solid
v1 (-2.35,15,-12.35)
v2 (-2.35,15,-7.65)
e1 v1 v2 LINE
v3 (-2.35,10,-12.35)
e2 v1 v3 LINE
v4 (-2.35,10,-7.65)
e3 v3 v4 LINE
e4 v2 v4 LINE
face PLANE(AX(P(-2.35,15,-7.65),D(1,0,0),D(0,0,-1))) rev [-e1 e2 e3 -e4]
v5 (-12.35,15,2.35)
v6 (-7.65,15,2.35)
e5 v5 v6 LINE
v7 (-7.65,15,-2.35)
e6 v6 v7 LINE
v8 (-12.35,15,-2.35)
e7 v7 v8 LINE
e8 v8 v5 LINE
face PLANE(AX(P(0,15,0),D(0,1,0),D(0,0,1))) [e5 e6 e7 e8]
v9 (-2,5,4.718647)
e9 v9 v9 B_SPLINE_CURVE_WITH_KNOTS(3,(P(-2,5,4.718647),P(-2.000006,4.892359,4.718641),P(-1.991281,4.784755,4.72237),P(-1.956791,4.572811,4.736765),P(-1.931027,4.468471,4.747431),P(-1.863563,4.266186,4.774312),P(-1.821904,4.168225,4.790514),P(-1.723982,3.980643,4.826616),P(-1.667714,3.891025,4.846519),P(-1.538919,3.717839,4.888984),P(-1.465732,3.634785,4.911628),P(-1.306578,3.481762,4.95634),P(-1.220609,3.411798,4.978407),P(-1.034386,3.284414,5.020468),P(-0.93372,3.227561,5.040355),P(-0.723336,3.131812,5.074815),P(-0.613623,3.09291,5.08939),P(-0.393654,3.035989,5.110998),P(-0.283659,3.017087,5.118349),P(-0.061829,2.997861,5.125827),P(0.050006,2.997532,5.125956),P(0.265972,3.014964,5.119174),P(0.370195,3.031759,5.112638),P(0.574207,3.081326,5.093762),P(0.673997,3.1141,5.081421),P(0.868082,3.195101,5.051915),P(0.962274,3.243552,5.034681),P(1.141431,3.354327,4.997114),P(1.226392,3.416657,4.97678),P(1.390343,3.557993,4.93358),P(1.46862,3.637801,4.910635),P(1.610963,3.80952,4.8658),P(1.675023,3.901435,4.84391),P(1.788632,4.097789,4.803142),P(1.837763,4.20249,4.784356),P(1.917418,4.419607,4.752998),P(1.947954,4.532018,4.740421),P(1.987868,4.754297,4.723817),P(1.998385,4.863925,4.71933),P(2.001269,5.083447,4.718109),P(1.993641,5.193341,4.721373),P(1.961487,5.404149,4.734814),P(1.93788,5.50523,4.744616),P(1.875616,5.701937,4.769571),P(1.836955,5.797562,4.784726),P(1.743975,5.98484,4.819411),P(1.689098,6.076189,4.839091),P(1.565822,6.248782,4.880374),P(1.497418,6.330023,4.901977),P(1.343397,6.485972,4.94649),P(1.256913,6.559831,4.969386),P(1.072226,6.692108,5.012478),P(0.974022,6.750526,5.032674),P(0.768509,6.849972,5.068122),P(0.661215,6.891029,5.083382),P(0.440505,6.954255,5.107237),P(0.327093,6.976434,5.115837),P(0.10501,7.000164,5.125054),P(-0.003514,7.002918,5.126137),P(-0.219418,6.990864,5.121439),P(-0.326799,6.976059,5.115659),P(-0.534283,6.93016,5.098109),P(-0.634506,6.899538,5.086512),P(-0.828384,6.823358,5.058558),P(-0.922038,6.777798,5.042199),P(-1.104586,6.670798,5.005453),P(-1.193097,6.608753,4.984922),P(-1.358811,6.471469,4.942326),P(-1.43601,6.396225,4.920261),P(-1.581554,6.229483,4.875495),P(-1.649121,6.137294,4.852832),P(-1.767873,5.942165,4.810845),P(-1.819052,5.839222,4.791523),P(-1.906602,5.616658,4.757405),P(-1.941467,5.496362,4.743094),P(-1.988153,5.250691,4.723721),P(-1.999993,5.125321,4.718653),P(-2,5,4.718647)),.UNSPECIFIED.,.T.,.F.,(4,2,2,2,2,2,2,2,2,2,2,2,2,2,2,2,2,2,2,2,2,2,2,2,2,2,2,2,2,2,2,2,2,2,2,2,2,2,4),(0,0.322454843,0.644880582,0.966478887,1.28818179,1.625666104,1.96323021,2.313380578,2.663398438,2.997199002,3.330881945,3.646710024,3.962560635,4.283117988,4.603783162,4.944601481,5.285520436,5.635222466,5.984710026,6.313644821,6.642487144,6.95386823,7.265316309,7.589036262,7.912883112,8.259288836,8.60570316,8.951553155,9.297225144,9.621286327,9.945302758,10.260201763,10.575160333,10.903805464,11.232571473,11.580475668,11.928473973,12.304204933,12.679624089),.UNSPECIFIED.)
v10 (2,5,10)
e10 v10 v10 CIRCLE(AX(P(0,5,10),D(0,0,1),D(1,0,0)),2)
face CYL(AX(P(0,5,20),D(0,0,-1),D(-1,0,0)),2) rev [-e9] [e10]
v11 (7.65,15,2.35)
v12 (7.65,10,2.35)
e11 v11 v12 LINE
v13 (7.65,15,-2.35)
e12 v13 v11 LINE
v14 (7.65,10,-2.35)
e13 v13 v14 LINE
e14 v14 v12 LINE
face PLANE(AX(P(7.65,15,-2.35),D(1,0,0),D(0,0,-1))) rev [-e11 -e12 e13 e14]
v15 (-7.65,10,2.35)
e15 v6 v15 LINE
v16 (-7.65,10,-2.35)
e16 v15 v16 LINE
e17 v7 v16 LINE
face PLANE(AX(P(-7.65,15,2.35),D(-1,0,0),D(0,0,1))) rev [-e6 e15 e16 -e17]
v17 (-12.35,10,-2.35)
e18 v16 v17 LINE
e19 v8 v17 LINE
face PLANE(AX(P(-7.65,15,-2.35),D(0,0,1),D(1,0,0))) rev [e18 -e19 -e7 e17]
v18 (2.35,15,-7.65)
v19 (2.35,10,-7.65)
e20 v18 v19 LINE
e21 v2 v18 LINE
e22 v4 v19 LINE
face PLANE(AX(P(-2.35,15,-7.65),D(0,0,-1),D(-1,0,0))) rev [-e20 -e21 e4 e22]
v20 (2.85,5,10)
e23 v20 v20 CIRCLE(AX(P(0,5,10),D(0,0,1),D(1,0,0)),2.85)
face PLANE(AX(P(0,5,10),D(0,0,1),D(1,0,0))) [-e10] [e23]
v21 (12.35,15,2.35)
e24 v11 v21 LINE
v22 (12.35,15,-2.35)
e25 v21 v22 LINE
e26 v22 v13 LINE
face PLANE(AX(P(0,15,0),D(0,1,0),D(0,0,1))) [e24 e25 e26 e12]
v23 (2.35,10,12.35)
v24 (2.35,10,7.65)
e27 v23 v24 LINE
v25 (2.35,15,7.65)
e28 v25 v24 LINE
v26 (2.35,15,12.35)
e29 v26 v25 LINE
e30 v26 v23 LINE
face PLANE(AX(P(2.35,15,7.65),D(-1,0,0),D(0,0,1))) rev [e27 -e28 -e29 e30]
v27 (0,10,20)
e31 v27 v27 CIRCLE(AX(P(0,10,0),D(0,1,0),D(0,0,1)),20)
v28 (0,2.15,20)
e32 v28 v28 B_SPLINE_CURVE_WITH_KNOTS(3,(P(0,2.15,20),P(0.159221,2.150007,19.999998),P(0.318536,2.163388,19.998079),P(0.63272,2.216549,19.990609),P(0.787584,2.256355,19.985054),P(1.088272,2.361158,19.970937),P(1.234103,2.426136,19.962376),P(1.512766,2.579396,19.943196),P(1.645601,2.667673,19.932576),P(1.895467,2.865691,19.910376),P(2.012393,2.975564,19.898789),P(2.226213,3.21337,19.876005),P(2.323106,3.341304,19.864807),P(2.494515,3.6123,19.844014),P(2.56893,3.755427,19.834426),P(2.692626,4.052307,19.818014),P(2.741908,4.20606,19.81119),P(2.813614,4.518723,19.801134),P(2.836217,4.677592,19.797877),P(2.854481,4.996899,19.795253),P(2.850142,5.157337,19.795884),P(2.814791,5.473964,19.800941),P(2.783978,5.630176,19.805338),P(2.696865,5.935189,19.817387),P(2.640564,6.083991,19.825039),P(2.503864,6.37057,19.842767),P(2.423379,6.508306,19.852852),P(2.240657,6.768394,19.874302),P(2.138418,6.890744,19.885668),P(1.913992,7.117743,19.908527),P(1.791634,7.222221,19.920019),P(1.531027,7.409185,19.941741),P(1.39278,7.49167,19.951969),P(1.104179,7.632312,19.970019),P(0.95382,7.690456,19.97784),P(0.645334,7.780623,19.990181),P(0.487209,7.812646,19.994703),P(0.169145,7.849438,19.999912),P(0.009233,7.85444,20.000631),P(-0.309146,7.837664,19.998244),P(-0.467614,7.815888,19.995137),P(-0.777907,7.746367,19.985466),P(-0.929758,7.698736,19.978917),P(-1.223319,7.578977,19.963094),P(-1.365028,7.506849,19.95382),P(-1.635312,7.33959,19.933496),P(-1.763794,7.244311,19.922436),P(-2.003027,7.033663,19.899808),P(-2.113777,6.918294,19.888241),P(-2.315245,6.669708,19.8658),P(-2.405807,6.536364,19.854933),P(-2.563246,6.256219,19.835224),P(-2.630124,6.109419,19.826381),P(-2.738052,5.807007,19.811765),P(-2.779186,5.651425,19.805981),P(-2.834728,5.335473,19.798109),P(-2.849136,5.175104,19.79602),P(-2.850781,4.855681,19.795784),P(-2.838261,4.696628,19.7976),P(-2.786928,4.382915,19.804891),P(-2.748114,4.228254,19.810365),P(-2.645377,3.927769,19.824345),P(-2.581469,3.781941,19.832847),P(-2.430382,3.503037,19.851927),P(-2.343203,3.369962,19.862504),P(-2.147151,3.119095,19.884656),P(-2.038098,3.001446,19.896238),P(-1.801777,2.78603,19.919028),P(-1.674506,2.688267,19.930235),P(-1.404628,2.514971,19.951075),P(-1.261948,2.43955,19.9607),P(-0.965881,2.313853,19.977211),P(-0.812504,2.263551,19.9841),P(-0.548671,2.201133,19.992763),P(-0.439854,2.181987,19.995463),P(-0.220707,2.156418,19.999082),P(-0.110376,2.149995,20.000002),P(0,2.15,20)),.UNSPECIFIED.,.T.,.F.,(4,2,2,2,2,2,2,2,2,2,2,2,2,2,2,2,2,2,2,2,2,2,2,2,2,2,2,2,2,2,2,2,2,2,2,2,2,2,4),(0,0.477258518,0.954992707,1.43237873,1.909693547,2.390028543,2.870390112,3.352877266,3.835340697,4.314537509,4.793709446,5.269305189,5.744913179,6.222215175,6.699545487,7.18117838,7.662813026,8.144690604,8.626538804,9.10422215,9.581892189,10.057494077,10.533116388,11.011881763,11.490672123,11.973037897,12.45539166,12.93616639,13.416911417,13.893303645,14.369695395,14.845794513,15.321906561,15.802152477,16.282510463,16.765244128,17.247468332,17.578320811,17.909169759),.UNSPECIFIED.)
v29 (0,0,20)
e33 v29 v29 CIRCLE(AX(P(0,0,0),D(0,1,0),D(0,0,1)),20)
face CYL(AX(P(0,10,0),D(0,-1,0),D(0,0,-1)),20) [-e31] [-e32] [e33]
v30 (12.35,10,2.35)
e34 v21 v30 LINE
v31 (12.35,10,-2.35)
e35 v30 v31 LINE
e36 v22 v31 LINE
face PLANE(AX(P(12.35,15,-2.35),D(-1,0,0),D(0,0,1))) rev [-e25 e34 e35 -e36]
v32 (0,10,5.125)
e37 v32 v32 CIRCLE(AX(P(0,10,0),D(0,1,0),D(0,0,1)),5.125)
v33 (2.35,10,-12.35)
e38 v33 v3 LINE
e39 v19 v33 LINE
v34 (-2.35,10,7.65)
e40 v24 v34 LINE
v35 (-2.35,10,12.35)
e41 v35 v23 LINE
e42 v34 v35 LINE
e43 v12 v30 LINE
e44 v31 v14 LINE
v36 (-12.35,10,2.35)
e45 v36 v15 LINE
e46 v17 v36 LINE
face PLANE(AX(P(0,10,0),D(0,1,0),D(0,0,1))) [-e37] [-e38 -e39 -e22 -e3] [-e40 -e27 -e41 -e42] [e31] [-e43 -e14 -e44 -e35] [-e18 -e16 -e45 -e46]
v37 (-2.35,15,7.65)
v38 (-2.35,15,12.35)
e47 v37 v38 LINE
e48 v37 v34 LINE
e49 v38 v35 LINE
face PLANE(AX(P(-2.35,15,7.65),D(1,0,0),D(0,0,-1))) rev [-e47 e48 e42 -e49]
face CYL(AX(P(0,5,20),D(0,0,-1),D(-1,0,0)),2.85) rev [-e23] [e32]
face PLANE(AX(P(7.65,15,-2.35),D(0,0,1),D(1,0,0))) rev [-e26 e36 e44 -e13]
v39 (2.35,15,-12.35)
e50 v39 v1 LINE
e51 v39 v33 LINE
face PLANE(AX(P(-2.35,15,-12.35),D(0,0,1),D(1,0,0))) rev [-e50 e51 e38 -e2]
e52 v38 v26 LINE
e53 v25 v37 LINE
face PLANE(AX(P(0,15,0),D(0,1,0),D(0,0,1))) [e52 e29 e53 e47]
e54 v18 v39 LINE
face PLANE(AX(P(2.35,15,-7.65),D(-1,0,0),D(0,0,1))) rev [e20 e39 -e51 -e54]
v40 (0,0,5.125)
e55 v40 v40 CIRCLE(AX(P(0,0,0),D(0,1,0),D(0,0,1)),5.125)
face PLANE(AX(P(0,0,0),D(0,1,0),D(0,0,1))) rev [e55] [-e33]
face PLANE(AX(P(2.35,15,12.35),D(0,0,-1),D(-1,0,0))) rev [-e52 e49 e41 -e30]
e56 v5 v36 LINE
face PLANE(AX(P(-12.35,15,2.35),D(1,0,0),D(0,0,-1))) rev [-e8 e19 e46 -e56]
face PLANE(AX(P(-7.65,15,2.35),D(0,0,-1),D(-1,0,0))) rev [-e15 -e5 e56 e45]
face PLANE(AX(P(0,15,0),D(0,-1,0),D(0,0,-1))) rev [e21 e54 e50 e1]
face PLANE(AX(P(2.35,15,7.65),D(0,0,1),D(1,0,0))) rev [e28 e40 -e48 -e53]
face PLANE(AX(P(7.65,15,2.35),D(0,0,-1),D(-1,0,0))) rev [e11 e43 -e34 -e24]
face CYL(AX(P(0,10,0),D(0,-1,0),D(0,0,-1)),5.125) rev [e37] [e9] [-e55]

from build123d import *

# Parameters (mm, degrees)
SKETCH1_R           = 20
SKETCH1_R_2         = 5.125
BOSS_EXTRUDE1_DEPTH = 10
SKETCH2_W           = 4.7
SKETCH2_H           = 4.7
BOSS_EXTRUDE2_DEPTH = 5
SKETCH3_R           = 2
CUT_EXTRUDE2_DEPTH  = 21
CUT_EXTRUDE3_START  = 10
SKETCH4_R           = 2.85
CUT_EXTRUDE3_DEPTH  = 11.000000127


with BuildPart() as part:
    # Sketch1 → Boss-Extrude1 (new body)
    with BuildSketch(Plane(origin=(0, 0, 0), x_dir=(1, 0, 0), z_dir=(0, 1, 0))):
        Circle(SKETCH1_R)
        Circle(SKETCH1_R_2, mode=Mode.SUBTRACT)
    extrude(amount=BOSS_EXTRUDE1_DEPTH)

    # Sketch2 → Boss-Extrude2 (add)
    with BuildSketch(Plane(origin=(0, 10, 0), x_dir=(1, 0, 0), z_dir=(0, 1, 0))):
        with Locations((10, 0)):
            Rectangle(SKETCH2_W, SKETCH2_H)
        with Locations((0, 10)):
            Rectangle(SKETCH2_W, SKETCH2_H)
        with Locations((0, -10)):
            Rectangle(SKETCH2_W, SKETCH2_H)
        with Locations((-10, 0)):
            Rectangle(SKETCH2_W, SKETCH2_H)
    extrude(amount=BOSS_EXTRUDE2_DEPTH)

    # Sketch3 → Cut-Extrude2 (cut, through all)
    with BuildSketch(Plane.XY):
        with Locations((0, 5)):
            Circle(SKETCH3_R)
    extrude(amount=CUT_EXTRUDE2_DEPTH, mode=Mode.SUBTRACT)

    # Sketch4 → Cut-Extrude3 (cut, through all)
    with BuildSketch(Plane.XY.offset(CUT_EXTRUDE3_START)):
        with Locations((0, 5)):
            Circle(SKETCH4_R)
    extrude(amount=CUT_EXTRUDE3_DEPTH, mode=Mode.SUBTRACT)


solid = part.part
